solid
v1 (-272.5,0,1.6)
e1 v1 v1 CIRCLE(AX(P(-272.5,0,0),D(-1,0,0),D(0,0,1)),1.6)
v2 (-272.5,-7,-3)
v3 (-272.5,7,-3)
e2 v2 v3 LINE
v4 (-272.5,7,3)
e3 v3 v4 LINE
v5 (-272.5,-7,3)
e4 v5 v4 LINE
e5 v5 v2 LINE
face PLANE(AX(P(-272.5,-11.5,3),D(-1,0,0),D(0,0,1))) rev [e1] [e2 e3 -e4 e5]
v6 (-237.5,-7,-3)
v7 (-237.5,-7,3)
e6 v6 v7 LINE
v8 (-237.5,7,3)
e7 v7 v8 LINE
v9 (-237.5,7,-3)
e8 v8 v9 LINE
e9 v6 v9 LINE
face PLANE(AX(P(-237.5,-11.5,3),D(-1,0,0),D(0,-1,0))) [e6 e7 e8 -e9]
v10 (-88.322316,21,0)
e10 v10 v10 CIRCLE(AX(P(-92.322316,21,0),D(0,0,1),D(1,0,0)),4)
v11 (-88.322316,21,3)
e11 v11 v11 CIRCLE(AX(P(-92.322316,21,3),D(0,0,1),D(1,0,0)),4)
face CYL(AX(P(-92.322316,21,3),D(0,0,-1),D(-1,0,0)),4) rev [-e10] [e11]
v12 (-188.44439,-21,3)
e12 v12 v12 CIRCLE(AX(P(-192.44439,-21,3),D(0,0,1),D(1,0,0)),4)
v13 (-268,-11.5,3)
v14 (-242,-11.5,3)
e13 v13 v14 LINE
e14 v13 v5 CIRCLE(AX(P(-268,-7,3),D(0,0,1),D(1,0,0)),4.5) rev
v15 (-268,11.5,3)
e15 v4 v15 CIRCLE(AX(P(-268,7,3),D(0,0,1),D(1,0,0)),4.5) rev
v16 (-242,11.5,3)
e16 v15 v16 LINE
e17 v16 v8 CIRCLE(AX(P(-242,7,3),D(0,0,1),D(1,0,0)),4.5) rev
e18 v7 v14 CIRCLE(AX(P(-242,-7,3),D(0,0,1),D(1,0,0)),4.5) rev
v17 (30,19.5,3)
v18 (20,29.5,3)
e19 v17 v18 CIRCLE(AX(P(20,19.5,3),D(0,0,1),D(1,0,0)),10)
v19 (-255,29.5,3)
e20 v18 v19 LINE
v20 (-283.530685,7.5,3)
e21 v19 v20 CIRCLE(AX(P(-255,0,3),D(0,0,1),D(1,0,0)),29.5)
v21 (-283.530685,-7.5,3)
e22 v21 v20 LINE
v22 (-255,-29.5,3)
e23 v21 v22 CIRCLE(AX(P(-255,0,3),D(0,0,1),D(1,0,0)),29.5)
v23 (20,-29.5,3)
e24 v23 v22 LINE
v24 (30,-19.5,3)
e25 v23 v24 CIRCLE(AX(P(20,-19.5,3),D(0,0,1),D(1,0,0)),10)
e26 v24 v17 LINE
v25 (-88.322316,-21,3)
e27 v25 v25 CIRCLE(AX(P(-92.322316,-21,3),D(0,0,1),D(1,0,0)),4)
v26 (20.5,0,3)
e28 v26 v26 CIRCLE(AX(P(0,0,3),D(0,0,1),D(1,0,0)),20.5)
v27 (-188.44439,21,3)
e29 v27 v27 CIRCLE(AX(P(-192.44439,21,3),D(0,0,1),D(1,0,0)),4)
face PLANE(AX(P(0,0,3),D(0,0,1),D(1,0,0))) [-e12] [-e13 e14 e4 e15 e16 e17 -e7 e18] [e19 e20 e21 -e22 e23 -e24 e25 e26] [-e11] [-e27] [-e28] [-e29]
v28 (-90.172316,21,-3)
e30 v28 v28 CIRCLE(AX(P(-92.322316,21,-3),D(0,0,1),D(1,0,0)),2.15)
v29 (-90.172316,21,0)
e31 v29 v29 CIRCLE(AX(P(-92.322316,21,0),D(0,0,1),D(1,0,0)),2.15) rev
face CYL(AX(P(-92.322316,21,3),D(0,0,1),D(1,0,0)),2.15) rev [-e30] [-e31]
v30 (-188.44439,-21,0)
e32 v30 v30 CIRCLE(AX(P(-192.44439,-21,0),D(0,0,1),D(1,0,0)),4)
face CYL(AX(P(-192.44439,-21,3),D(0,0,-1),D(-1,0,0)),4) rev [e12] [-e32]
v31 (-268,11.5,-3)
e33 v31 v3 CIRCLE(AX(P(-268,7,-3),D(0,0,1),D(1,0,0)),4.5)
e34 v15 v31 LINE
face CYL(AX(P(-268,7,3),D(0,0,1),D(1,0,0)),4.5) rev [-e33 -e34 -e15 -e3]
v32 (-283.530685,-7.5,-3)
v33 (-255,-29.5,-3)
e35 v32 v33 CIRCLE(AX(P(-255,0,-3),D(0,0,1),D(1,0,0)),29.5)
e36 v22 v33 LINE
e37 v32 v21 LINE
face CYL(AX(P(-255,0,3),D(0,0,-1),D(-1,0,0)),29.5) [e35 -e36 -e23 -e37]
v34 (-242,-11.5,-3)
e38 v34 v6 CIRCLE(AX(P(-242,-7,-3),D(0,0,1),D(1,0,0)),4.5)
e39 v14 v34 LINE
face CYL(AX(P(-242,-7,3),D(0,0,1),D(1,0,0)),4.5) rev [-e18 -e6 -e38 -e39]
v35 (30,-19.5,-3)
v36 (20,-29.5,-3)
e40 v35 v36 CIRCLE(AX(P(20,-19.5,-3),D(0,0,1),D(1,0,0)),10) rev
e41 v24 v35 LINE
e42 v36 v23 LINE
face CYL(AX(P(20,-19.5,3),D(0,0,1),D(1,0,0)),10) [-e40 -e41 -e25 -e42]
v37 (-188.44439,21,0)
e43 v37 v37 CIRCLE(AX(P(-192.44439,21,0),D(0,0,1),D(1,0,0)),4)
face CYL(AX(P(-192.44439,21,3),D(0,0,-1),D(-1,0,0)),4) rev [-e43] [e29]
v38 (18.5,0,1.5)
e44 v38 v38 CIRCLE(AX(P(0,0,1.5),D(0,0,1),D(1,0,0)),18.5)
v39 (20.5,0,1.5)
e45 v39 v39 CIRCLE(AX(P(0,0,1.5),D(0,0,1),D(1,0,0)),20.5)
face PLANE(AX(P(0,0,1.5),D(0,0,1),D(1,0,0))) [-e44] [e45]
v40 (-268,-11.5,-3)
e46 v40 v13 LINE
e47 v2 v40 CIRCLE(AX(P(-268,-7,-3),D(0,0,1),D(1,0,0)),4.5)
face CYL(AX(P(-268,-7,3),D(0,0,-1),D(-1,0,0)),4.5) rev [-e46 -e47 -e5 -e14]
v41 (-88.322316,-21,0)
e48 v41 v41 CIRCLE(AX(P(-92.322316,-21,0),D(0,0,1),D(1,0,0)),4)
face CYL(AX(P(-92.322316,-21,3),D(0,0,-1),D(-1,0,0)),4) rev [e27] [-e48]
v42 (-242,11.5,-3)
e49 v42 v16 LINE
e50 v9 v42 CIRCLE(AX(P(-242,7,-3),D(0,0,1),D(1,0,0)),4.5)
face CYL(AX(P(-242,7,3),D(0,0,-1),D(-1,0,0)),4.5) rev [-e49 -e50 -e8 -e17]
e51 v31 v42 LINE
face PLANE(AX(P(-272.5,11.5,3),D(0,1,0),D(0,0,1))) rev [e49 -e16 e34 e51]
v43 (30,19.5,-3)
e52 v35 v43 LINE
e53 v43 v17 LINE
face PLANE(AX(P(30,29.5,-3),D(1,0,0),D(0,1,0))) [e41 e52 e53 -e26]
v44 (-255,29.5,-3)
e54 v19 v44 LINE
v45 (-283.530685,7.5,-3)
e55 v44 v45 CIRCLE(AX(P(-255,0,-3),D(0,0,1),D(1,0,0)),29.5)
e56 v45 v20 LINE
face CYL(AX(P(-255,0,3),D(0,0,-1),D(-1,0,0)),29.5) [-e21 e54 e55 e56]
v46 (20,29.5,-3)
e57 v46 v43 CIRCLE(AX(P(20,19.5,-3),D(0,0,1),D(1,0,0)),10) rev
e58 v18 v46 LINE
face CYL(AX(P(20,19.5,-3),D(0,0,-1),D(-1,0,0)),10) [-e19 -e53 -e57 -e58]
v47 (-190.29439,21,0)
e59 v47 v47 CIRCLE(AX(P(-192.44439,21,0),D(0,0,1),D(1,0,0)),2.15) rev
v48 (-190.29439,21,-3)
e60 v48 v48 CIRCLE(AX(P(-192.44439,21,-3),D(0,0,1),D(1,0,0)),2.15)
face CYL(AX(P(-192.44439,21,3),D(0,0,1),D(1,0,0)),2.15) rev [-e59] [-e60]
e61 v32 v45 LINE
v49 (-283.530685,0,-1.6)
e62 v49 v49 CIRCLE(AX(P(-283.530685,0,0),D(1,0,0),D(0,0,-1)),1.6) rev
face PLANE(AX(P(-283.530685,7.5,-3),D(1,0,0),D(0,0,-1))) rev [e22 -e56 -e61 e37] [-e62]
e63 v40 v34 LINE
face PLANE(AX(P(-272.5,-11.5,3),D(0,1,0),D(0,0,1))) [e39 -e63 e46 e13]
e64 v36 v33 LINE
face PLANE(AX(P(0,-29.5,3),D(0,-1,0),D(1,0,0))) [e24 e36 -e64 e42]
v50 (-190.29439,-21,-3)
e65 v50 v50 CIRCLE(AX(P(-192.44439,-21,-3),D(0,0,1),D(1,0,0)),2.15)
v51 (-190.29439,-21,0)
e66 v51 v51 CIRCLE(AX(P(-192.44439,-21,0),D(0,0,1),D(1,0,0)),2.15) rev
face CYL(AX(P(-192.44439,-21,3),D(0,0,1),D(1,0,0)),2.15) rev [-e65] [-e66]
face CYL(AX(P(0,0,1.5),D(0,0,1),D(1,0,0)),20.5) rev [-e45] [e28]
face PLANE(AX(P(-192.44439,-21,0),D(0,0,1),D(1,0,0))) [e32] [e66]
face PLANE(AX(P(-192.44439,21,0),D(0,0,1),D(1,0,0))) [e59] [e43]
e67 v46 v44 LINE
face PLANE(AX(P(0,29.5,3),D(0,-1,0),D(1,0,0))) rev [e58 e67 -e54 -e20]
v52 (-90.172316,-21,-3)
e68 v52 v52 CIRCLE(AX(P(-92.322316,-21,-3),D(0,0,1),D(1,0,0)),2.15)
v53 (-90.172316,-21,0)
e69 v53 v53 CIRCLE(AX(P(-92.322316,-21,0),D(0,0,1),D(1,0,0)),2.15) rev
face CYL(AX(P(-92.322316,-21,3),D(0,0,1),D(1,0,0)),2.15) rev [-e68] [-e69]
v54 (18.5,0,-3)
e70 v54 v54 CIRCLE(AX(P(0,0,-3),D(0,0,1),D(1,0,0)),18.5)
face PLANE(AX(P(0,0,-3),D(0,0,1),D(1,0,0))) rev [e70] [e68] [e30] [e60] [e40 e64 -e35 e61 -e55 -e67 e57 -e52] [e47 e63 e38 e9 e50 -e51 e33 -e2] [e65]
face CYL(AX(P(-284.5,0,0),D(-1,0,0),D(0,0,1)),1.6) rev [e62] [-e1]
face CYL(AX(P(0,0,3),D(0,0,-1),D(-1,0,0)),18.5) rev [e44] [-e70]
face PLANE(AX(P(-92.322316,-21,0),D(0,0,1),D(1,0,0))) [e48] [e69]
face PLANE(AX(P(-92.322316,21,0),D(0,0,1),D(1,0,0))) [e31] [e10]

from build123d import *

# Parameters (mm, degrees)
SKETCH_1_R             = 18.5
SKETCH_1_W             = 35
SKETCH_1_H             = 23
EXTRUDE_1_DEPTH        = 3
CUT_EXTRUDE_START      = 1.5
SKETCH_1_3_R           = 20.5
SKETCH_1_3_R_2         = 18.5
CUT_EXTRUDE_1_DEPTH    = 1.5
FILLET_1_R             = 4.5
HOLE_WIZARD_M3_2_D     = 3.2
HOLE_WIZARD_M3_2_DEPTH = 12
HOLE_WIZARD_M4_1_D     = 4.3
SKETCH_1_4_R           = 4
CUT_EXTRUDE_2_DEPTH    = 287.041081094
EXTRUDE_2_DEPTH        = 6
FILLET_2_R             = 10
SKETCH_7_W             = 5
SKETCH_7_H             = 15
CUT_EXTRUDE_3_DEPTH    = 6


with BuildPart() as part:
    # ｽｹｯﾁ1 → ﾎﾞｽ - 押し出し1 (new, symmetric)
    with BuildSketch(Plane.XY):
        with BuildLine():
            Line((0, -29.5), (-255, -29.5))
            ThreePointArc((-255, -29.5), (-284.5, 0), (-255, 29.5))
            Line((-255, 29.5), (0, 29.5))
            ThreePointArc((0, 29.5), (29.5, 0), (0, -29.5))
        make_face()
        Circle(SKETCH_1_R, mode=Mode.SUBTRACT)
        with Locations((-255, 0)):
            Rectangle(SKETCH_1_W, SKETCH_1_H, mode=Mode.SUBTRACT)
    extrude(amount=EXTRUDE_1_DEPTH, both=True)

    # ｽｹｯﾁ1<3> → ｶｯﾄ - 押し出し1 (cut)
    with BuildSketch(Plane.XY.offset(CUT_EXTRUDE_START)):
        Circle(SKETCH_1_3_R)
        Circle(SKETCH_1_3_R_2, mode=Mode.SUBTRACT)
    extrude(amount=CUT_EXTRUDE_1_DEPTH, mode=Mode.SUBTRACT)

    # ﾌｨﾚｯﾄ1
    fillet_1_edges = [part.edges().sort_by_distance(p)[0] for p in [
        (-272.5, 11.5, 0),
        (-272.5, -11.5, 0),
        (-237.5, -11.5, 0),
        (-237.5, 11.5, 0),
    ]]
    fillet(fillet_1_edges, radius=FILLET_1_R)

    # M3 すきま穴2
    with Locations(Plane(origin=(-284.5, 0, 0), x_dir=(0, -1, 0), z_dir=(-1, 0, 0))):
        with Locations((0, 0)):
            Hole(HOLE_WIZARD_M3_2_D / 2, depth=HOLE_WIZARD_M3_2_DEPTH)

    # Hole Wizard M4 _1 (through all)
    with Locations(Plane(origin=(-192.444390405, 21, 3), x_dir=(1, 0, 0), z_dir=(0, 0, 1))):
        with Locations((0, 0), (100.122073915, 0), (100.122073915, -42), (0, -42)):
            Hole(HOLE_WIZARD_M4_1_D / 2)

    # ｽｹｯﾁ1<4> → ｶｯﾄ - 押し出し2 (cut, through all)
    with BuildSketch(Plane.XY):
        with Locations((-192.444390405, -21)):
            Circle(SKETCH_1_4_R)
        with Locations((-192.444390405, 21)):
            Circle(SKETCH_1_4_R)
        with Locations((-92.32231649, 21)):
            Circle(SKETCH_1_4_R)
        with Locations((-92.32231649, -21)):
            Circle(SKETCH_1_4_R)
    extrude(amount=CUT_EXTRUDE_2_DEPTH, mode=Mode.SUBTRACT)

    # ｽｹｯﾁ6 → ﾎﾞｽ - 押し出し2 (add)
    with BuildSketch(Plane.XY.offset(3)):
        with BuildLine():
            Line((0, 29.5), (30, 29.5))
            Line((30, 29.5), (30, -29.5))
            Line((30, -29.5), (0, -29.5))
            ThreePointArc((0, -29.5), (29.5, 0), (0, 29.5))
        make_face()
    extrude(amount=-EXTRUDE_2_DEPTH)

    # ﾌｨﾚｯﾄ2
    fillet_2_edges = [part.edges().sort_by_distance(p)[0] for p in [
        (30, 29.5, 0),
        (30, -29.5, 0),
    ]]
    fillet(fillet_2_edges, radius=FILLET_2_R)

    # ｽｹｯﾁ7 → ｶｯﾄ - 押し出し3 (cut)
    with BuildSketch(Plane.XY.offset(3)):
        with Locations((-286.030685235, 0)):
            Rectangle(SKETCH_7_W, SKETCH_7_H)
    extrude(amount=-CUT_EXTRUDE_3_DEPTH, mode=Mode.SUBTRACT)


solid = part.part
